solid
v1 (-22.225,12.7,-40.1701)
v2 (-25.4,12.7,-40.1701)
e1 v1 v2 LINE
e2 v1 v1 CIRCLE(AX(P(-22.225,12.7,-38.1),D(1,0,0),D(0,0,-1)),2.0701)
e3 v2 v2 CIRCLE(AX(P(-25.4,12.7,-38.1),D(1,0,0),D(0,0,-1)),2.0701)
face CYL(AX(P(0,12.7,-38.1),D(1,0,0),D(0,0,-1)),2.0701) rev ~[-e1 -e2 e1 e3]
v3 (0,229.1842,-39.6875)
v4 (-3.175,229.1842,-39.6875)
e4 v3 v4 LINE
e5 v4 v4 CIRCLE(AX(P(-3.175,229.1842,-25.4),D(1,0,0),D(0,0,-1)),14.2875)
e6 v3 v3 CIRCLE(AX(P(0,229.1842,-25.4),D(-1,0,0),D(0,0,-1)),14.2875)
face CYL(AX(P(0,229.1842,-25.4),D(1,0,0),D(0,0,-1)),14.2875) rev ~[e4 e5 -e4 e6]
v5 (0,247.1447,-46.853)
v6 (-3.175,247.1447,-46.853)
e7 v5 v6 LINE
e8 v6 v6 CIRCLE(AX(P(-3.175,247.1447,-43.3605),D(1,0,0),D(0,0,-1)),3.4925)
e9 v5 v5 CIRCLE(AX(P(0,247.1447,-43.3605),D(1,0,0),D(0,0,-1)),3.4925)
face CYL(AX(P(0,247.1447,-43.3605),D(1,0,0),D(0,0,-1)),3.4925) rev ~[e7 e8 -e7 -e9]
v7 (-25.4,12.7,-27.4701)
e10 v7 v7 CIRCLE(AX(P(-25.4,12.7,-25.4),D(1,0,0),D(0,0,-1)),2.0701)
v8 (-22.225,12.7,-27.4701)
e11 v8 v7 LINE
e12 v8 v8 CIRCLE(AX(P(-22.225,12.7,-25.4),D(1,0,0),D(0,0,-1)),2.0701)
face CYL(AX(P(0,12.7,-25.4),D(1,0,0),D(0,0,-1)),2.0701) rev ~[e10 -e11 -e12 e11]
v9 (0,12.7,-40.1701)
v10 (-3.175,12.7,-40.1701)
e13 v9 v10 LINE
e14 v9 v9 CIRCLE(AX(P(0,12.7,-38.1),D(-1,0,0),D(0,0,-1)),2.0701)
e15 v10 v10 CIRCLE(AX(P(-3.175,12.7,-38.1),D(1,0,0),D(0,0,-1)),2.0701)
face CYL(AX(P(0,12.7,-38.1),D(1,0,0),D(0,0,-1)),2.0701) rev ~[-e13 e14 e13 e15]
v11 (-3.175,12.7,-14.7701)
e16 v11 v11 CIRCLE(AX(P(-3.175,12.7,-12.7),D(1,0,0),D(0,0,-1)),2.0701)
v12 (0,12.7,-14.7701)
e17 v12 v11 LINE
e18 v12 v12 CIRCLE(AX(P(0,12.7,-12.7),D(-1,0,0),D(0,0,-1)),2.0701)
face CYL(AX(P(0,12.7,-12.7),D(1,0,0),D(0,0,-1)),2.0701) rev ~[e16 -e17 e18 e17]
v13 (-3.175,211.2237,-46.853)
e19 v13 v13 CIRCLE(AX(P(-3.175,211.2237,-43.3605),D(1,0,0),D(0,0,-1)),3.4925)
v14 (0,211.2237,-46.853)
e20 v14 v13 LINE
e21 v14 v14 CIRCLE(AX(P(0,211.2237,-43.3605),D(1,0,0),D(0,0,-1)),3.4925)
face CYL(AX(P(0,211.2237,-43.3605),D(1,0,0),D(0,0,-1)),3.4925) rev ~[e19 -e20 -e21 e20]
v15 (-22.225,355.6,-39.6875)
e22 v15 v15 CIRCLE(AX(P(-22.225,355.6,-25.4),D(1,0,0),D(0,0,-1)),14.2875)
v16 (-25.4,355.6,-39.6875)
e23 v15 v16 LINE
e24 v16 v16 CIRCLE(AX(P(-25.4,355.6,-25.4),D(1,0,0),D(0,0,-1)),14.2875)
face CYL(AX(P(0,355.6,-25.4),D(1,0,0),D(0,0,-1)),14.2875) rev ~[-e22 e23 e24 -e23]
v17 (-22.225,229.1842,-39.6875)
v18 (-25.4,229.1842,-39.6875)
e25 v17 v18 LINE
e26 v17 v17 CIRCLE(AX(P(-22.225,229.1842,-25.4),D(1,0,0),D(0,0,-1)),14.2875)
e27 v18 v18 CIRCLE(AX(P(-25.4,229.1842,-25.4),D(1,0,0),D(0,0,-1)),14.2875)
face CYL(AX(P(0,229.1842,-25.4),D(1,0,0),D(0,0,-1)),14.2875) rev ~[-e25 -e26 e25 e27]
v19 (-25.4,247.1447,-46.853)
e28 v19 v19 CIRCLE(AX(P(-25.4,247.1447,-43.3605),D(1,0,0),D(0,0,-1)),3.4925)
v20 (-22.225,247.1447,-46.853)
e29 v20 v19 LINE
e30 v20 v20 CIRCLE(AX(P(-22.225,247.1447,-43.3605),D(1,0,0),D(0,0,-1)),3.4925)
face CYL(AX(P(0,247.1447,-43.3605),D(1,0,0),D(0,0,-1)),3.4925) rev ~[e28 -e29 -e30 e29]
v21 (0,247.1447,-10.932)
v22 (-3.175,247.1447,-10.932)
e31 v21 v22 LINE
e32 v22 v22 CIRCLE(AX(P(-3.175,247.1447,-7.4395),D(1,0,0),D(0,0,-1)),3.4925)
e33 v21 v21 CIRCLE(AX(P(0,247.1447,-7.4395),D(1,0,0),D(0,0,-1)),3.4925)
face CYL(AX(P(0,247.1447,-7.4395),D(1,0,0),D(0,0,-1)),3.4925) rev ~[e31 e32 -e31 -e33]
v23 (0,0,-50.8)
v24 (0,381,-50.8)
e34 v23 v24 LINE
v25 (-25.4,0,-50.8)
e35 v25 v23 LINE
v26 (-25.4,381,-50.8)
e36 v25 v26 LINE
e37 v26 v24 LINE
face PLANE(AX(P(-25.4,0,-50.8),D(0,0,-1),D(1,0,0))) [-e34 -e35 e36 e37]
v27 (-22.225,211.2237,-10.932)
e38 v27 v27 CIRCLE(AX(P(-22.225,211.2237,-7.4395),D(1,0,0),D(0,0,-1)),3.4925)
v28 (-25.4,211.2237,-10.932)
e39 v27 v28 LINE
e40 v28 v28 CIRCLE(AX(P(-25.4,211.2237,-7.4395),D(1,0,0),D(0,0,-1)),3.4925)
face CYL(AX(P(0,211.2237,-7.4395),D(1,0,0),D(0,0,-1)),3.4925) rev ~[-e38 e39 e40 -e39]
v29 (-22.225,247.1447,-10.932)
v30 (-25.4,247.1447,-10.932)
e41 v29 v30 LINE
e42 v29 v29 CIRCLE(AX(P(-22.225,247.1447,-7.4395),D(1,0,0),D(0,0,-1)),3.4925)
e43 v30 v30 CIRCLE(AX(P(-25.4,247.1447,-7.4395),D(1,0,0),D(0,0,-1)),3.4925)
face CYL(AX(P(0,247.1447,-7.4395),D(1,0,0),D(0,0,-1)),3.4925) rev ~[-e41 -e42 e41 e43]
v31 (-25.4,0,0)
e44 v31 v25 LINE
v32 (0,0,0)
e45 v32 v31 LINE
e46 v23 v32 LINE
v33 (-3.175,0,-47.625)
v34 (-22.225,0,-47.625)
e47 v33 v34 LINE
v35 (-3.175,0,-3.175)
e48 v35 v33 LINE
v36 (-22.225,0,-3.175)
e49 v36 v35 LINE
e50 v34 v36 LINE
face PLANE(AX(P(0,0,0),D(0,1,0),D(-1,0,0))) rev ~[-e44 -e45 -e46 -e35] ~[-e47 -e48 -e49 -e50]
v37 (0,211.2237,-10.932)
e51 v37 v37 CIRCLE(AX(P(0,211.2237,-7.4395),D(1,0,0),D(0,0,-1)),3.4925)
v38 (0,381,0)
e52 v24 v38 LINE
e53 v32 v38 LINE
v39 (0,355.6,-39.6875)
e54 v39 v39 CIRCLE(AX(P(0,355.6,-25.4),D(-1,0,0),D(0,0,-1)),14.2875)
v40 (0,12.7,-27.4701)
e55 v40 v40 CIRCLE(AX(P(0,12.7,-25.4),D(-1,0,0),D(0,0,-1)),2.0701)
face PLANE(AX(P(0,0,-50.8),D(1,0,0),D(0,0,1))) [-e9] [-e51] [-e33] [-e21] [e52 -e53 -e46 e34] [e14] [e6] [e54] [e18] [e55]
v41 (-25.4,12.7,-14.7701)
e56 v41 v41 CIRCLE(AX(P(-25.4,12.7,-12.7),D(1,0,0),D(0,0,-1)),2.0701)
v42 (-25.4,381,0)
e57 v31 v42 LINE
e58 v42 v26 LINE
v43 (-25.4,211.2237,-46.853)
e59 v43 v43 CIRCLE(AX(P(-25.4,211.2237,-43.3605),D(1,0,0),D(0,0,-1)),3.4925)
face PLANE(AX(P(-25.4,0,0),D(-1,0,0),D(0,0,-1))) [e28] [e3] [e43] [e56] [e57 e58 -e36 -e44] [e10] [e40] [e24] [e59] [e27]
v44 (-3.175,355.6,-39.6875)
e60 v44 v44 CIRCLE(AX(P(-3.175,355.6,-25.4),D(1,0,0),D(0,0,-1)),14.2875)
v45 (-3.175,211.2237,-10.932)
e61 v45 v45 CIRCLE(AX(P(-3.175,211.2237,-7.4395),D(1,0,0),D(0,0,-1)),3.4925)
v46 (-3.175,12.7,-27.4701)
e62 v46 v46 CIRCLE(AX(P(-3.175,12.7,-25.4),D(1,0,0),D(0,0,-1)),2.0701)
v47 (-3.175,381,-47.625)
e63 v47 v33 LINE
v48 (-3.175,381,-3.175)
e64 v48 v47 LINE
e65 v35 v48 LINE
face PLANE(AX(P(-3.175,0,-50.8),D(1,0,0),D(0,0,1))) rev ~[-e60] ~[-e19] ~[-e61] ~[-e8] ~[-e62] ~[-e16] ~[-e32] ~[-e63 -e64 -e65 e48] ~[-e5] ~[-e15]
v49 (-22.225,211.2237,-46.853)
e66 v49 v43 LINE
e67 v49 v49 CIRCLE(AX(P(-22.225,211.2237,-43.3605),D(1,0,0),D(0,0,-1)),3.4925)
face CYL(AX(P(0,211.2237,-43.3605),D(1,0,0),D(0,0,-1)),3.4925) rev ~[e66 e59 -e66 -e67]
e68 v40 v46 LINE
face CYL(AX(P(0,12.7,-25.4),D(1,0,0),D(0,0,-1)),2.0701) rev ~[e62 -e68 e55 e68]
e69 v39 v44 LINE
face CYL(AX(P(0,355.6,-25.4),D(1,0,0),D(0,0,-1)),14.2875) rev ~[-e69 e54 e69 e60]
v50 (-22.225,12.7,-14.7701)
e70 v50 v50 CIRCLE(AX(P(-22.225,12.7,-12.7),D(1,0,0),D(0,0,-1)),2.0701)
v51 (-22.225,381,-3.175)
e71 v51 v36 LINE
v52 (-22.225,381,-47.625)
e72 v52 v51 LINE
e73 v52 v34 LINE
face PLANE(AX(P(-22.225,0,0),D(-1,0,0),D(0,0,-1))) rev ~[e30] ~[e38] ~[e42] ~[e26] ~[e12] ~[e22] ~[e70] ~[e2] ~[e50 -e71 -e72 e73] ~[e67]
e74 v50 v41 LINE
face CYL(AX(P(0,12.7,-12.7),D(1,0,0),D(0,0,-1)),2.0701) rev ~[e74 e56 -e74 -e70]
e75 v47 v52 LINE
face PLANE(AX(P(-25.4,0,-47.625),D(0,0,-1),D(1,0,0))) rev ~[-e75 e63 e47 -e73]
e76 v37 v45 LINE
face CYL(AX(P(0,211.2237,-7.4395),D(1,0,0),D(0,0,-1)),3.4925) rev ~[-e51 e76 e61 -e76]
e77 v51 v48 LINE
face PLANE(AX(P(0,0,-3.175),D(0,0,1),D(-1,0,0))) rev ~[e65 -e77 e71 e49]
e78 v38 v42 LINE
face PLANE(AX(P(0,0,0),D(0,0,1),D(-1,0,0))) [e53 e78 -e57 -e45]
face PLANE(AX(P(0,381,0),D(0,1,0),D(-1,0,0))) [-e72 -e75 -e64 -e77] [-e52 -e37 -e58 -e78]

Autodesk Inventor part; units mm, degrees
ref_plane "YZ Plane" through (0, 0, 0) normal (1, 0, 0) x (0, 1, 0)
ref_plane "XZ Plane" through (0, 0, 0) normal (0, 1, 0) x (-1, 0, 0)
ref_plane "XY Plane" through (0, 0, 0) normal (0, 0, 1) x (1, 0, 0)
sketch "Sketch1" plane through (0, 0, 0) normal (0, 1, 0) x (-1, 0, 0)
  line L0 (0, 0) -> (25.4, 0)
  line L1 (25.4, 0) -> (25.4, -50.8)
  line L2 (25.4, -50.8) -> (0, -50.8)
  line L3 (0, -50.8) -> (0, 0)
  dimension "d0" = 25.4
  dimension "d1" = 50.8
extrude "Extrusion1" add sketch "Sketch1" along normal blind 381
shell "Shell1" thickness 3.175 removed faces 2 at (-8.4667, 0, -33.8667) at (-8.4667, 381, -33.8667)
sketch "Sketch2" plane through (0, 0, 0) normal (1, 0, 0) x (0, 0, -1)
  line L0 (0, 0) -> (0, 381) projected
  line L1 (0, 12.7) -> (50.8, 12.7)
  line L2 (50.8, 0) -> (50.8, 381) projected
  circle A0 centre (25.4, 12.7) radius 2.0701
  circle A1 centre (38.1, 12.7) radius 2.0701
  circle A2 centre (12.7, 12.7) radius 2.0701
  line L3 (0, 0) -> (50.8, 0) projected
  line L4 (3.175, 381) -> (47.625, 381) projected
  line L5 (25.4, 381) -> (25.4, 355.6)
  circle A3 centre (25.4, 355.6) radius 14.2875
  line L6 (25.4, 355.6) -> (25.4, 229.1842)
  circle A4 centre (25.4, 229.1842) radius 14.2875
  circle A5 centre (25.4, 229.1842) radius 25.4 construction
  line L7 (25.4, 229.1842) -> (43.3605, 247.1447) construction
  line L8 (25.4, 229.1842) -> (50.8, 229.1842) construction
  line L9 (25.4, 229.1842) -> (43.3605, 211.2237) construction
  line L10 (25.4, 229.1842) -> (7.4395, 211.2237) construction
  line L11 (25.4, 229.1842) -> (7.4395, 247.1447) construction
  circle A6 centre (7.4395, 247.1447) radius 3.4925
  circle A7 centre (43.3605, 247.1447) radius 3.4925
  circle A8 centre (43.3605, 211.2237) radius 3.4925
  circle A9 centre (7.4395, 211.2237) radius 3.4925
  dimension "d5" = 4.1402
  dimension "d8" = 12.7
  dimension "d15" = 12.7
  dimension "d22" = 12.7
  dimension "d23" = 25.4
  dimension "d24" = 28.575
  dimension "d25" = 28.575
  dimension "d26" = 126.4158
  dimension "d27" = 50.8
  dimension "d28" = 45
  dimension "d29" = 6.985
  dimension "d30" = 6.985
  dimension "d31" = 6.985
  dimension "d32" = 6.985
extrude "Extrusion2" cut sketch "Sketch2" against normal through all contours A2 L1 | L1 A2 | A1 L1 | L1 A1 | A0 L1 | L1 A0 | A3 L6 L5 | A4 | L5 L6 A3 | A6 | A7 | A8 | A9
properties part number "Arm Mount"
